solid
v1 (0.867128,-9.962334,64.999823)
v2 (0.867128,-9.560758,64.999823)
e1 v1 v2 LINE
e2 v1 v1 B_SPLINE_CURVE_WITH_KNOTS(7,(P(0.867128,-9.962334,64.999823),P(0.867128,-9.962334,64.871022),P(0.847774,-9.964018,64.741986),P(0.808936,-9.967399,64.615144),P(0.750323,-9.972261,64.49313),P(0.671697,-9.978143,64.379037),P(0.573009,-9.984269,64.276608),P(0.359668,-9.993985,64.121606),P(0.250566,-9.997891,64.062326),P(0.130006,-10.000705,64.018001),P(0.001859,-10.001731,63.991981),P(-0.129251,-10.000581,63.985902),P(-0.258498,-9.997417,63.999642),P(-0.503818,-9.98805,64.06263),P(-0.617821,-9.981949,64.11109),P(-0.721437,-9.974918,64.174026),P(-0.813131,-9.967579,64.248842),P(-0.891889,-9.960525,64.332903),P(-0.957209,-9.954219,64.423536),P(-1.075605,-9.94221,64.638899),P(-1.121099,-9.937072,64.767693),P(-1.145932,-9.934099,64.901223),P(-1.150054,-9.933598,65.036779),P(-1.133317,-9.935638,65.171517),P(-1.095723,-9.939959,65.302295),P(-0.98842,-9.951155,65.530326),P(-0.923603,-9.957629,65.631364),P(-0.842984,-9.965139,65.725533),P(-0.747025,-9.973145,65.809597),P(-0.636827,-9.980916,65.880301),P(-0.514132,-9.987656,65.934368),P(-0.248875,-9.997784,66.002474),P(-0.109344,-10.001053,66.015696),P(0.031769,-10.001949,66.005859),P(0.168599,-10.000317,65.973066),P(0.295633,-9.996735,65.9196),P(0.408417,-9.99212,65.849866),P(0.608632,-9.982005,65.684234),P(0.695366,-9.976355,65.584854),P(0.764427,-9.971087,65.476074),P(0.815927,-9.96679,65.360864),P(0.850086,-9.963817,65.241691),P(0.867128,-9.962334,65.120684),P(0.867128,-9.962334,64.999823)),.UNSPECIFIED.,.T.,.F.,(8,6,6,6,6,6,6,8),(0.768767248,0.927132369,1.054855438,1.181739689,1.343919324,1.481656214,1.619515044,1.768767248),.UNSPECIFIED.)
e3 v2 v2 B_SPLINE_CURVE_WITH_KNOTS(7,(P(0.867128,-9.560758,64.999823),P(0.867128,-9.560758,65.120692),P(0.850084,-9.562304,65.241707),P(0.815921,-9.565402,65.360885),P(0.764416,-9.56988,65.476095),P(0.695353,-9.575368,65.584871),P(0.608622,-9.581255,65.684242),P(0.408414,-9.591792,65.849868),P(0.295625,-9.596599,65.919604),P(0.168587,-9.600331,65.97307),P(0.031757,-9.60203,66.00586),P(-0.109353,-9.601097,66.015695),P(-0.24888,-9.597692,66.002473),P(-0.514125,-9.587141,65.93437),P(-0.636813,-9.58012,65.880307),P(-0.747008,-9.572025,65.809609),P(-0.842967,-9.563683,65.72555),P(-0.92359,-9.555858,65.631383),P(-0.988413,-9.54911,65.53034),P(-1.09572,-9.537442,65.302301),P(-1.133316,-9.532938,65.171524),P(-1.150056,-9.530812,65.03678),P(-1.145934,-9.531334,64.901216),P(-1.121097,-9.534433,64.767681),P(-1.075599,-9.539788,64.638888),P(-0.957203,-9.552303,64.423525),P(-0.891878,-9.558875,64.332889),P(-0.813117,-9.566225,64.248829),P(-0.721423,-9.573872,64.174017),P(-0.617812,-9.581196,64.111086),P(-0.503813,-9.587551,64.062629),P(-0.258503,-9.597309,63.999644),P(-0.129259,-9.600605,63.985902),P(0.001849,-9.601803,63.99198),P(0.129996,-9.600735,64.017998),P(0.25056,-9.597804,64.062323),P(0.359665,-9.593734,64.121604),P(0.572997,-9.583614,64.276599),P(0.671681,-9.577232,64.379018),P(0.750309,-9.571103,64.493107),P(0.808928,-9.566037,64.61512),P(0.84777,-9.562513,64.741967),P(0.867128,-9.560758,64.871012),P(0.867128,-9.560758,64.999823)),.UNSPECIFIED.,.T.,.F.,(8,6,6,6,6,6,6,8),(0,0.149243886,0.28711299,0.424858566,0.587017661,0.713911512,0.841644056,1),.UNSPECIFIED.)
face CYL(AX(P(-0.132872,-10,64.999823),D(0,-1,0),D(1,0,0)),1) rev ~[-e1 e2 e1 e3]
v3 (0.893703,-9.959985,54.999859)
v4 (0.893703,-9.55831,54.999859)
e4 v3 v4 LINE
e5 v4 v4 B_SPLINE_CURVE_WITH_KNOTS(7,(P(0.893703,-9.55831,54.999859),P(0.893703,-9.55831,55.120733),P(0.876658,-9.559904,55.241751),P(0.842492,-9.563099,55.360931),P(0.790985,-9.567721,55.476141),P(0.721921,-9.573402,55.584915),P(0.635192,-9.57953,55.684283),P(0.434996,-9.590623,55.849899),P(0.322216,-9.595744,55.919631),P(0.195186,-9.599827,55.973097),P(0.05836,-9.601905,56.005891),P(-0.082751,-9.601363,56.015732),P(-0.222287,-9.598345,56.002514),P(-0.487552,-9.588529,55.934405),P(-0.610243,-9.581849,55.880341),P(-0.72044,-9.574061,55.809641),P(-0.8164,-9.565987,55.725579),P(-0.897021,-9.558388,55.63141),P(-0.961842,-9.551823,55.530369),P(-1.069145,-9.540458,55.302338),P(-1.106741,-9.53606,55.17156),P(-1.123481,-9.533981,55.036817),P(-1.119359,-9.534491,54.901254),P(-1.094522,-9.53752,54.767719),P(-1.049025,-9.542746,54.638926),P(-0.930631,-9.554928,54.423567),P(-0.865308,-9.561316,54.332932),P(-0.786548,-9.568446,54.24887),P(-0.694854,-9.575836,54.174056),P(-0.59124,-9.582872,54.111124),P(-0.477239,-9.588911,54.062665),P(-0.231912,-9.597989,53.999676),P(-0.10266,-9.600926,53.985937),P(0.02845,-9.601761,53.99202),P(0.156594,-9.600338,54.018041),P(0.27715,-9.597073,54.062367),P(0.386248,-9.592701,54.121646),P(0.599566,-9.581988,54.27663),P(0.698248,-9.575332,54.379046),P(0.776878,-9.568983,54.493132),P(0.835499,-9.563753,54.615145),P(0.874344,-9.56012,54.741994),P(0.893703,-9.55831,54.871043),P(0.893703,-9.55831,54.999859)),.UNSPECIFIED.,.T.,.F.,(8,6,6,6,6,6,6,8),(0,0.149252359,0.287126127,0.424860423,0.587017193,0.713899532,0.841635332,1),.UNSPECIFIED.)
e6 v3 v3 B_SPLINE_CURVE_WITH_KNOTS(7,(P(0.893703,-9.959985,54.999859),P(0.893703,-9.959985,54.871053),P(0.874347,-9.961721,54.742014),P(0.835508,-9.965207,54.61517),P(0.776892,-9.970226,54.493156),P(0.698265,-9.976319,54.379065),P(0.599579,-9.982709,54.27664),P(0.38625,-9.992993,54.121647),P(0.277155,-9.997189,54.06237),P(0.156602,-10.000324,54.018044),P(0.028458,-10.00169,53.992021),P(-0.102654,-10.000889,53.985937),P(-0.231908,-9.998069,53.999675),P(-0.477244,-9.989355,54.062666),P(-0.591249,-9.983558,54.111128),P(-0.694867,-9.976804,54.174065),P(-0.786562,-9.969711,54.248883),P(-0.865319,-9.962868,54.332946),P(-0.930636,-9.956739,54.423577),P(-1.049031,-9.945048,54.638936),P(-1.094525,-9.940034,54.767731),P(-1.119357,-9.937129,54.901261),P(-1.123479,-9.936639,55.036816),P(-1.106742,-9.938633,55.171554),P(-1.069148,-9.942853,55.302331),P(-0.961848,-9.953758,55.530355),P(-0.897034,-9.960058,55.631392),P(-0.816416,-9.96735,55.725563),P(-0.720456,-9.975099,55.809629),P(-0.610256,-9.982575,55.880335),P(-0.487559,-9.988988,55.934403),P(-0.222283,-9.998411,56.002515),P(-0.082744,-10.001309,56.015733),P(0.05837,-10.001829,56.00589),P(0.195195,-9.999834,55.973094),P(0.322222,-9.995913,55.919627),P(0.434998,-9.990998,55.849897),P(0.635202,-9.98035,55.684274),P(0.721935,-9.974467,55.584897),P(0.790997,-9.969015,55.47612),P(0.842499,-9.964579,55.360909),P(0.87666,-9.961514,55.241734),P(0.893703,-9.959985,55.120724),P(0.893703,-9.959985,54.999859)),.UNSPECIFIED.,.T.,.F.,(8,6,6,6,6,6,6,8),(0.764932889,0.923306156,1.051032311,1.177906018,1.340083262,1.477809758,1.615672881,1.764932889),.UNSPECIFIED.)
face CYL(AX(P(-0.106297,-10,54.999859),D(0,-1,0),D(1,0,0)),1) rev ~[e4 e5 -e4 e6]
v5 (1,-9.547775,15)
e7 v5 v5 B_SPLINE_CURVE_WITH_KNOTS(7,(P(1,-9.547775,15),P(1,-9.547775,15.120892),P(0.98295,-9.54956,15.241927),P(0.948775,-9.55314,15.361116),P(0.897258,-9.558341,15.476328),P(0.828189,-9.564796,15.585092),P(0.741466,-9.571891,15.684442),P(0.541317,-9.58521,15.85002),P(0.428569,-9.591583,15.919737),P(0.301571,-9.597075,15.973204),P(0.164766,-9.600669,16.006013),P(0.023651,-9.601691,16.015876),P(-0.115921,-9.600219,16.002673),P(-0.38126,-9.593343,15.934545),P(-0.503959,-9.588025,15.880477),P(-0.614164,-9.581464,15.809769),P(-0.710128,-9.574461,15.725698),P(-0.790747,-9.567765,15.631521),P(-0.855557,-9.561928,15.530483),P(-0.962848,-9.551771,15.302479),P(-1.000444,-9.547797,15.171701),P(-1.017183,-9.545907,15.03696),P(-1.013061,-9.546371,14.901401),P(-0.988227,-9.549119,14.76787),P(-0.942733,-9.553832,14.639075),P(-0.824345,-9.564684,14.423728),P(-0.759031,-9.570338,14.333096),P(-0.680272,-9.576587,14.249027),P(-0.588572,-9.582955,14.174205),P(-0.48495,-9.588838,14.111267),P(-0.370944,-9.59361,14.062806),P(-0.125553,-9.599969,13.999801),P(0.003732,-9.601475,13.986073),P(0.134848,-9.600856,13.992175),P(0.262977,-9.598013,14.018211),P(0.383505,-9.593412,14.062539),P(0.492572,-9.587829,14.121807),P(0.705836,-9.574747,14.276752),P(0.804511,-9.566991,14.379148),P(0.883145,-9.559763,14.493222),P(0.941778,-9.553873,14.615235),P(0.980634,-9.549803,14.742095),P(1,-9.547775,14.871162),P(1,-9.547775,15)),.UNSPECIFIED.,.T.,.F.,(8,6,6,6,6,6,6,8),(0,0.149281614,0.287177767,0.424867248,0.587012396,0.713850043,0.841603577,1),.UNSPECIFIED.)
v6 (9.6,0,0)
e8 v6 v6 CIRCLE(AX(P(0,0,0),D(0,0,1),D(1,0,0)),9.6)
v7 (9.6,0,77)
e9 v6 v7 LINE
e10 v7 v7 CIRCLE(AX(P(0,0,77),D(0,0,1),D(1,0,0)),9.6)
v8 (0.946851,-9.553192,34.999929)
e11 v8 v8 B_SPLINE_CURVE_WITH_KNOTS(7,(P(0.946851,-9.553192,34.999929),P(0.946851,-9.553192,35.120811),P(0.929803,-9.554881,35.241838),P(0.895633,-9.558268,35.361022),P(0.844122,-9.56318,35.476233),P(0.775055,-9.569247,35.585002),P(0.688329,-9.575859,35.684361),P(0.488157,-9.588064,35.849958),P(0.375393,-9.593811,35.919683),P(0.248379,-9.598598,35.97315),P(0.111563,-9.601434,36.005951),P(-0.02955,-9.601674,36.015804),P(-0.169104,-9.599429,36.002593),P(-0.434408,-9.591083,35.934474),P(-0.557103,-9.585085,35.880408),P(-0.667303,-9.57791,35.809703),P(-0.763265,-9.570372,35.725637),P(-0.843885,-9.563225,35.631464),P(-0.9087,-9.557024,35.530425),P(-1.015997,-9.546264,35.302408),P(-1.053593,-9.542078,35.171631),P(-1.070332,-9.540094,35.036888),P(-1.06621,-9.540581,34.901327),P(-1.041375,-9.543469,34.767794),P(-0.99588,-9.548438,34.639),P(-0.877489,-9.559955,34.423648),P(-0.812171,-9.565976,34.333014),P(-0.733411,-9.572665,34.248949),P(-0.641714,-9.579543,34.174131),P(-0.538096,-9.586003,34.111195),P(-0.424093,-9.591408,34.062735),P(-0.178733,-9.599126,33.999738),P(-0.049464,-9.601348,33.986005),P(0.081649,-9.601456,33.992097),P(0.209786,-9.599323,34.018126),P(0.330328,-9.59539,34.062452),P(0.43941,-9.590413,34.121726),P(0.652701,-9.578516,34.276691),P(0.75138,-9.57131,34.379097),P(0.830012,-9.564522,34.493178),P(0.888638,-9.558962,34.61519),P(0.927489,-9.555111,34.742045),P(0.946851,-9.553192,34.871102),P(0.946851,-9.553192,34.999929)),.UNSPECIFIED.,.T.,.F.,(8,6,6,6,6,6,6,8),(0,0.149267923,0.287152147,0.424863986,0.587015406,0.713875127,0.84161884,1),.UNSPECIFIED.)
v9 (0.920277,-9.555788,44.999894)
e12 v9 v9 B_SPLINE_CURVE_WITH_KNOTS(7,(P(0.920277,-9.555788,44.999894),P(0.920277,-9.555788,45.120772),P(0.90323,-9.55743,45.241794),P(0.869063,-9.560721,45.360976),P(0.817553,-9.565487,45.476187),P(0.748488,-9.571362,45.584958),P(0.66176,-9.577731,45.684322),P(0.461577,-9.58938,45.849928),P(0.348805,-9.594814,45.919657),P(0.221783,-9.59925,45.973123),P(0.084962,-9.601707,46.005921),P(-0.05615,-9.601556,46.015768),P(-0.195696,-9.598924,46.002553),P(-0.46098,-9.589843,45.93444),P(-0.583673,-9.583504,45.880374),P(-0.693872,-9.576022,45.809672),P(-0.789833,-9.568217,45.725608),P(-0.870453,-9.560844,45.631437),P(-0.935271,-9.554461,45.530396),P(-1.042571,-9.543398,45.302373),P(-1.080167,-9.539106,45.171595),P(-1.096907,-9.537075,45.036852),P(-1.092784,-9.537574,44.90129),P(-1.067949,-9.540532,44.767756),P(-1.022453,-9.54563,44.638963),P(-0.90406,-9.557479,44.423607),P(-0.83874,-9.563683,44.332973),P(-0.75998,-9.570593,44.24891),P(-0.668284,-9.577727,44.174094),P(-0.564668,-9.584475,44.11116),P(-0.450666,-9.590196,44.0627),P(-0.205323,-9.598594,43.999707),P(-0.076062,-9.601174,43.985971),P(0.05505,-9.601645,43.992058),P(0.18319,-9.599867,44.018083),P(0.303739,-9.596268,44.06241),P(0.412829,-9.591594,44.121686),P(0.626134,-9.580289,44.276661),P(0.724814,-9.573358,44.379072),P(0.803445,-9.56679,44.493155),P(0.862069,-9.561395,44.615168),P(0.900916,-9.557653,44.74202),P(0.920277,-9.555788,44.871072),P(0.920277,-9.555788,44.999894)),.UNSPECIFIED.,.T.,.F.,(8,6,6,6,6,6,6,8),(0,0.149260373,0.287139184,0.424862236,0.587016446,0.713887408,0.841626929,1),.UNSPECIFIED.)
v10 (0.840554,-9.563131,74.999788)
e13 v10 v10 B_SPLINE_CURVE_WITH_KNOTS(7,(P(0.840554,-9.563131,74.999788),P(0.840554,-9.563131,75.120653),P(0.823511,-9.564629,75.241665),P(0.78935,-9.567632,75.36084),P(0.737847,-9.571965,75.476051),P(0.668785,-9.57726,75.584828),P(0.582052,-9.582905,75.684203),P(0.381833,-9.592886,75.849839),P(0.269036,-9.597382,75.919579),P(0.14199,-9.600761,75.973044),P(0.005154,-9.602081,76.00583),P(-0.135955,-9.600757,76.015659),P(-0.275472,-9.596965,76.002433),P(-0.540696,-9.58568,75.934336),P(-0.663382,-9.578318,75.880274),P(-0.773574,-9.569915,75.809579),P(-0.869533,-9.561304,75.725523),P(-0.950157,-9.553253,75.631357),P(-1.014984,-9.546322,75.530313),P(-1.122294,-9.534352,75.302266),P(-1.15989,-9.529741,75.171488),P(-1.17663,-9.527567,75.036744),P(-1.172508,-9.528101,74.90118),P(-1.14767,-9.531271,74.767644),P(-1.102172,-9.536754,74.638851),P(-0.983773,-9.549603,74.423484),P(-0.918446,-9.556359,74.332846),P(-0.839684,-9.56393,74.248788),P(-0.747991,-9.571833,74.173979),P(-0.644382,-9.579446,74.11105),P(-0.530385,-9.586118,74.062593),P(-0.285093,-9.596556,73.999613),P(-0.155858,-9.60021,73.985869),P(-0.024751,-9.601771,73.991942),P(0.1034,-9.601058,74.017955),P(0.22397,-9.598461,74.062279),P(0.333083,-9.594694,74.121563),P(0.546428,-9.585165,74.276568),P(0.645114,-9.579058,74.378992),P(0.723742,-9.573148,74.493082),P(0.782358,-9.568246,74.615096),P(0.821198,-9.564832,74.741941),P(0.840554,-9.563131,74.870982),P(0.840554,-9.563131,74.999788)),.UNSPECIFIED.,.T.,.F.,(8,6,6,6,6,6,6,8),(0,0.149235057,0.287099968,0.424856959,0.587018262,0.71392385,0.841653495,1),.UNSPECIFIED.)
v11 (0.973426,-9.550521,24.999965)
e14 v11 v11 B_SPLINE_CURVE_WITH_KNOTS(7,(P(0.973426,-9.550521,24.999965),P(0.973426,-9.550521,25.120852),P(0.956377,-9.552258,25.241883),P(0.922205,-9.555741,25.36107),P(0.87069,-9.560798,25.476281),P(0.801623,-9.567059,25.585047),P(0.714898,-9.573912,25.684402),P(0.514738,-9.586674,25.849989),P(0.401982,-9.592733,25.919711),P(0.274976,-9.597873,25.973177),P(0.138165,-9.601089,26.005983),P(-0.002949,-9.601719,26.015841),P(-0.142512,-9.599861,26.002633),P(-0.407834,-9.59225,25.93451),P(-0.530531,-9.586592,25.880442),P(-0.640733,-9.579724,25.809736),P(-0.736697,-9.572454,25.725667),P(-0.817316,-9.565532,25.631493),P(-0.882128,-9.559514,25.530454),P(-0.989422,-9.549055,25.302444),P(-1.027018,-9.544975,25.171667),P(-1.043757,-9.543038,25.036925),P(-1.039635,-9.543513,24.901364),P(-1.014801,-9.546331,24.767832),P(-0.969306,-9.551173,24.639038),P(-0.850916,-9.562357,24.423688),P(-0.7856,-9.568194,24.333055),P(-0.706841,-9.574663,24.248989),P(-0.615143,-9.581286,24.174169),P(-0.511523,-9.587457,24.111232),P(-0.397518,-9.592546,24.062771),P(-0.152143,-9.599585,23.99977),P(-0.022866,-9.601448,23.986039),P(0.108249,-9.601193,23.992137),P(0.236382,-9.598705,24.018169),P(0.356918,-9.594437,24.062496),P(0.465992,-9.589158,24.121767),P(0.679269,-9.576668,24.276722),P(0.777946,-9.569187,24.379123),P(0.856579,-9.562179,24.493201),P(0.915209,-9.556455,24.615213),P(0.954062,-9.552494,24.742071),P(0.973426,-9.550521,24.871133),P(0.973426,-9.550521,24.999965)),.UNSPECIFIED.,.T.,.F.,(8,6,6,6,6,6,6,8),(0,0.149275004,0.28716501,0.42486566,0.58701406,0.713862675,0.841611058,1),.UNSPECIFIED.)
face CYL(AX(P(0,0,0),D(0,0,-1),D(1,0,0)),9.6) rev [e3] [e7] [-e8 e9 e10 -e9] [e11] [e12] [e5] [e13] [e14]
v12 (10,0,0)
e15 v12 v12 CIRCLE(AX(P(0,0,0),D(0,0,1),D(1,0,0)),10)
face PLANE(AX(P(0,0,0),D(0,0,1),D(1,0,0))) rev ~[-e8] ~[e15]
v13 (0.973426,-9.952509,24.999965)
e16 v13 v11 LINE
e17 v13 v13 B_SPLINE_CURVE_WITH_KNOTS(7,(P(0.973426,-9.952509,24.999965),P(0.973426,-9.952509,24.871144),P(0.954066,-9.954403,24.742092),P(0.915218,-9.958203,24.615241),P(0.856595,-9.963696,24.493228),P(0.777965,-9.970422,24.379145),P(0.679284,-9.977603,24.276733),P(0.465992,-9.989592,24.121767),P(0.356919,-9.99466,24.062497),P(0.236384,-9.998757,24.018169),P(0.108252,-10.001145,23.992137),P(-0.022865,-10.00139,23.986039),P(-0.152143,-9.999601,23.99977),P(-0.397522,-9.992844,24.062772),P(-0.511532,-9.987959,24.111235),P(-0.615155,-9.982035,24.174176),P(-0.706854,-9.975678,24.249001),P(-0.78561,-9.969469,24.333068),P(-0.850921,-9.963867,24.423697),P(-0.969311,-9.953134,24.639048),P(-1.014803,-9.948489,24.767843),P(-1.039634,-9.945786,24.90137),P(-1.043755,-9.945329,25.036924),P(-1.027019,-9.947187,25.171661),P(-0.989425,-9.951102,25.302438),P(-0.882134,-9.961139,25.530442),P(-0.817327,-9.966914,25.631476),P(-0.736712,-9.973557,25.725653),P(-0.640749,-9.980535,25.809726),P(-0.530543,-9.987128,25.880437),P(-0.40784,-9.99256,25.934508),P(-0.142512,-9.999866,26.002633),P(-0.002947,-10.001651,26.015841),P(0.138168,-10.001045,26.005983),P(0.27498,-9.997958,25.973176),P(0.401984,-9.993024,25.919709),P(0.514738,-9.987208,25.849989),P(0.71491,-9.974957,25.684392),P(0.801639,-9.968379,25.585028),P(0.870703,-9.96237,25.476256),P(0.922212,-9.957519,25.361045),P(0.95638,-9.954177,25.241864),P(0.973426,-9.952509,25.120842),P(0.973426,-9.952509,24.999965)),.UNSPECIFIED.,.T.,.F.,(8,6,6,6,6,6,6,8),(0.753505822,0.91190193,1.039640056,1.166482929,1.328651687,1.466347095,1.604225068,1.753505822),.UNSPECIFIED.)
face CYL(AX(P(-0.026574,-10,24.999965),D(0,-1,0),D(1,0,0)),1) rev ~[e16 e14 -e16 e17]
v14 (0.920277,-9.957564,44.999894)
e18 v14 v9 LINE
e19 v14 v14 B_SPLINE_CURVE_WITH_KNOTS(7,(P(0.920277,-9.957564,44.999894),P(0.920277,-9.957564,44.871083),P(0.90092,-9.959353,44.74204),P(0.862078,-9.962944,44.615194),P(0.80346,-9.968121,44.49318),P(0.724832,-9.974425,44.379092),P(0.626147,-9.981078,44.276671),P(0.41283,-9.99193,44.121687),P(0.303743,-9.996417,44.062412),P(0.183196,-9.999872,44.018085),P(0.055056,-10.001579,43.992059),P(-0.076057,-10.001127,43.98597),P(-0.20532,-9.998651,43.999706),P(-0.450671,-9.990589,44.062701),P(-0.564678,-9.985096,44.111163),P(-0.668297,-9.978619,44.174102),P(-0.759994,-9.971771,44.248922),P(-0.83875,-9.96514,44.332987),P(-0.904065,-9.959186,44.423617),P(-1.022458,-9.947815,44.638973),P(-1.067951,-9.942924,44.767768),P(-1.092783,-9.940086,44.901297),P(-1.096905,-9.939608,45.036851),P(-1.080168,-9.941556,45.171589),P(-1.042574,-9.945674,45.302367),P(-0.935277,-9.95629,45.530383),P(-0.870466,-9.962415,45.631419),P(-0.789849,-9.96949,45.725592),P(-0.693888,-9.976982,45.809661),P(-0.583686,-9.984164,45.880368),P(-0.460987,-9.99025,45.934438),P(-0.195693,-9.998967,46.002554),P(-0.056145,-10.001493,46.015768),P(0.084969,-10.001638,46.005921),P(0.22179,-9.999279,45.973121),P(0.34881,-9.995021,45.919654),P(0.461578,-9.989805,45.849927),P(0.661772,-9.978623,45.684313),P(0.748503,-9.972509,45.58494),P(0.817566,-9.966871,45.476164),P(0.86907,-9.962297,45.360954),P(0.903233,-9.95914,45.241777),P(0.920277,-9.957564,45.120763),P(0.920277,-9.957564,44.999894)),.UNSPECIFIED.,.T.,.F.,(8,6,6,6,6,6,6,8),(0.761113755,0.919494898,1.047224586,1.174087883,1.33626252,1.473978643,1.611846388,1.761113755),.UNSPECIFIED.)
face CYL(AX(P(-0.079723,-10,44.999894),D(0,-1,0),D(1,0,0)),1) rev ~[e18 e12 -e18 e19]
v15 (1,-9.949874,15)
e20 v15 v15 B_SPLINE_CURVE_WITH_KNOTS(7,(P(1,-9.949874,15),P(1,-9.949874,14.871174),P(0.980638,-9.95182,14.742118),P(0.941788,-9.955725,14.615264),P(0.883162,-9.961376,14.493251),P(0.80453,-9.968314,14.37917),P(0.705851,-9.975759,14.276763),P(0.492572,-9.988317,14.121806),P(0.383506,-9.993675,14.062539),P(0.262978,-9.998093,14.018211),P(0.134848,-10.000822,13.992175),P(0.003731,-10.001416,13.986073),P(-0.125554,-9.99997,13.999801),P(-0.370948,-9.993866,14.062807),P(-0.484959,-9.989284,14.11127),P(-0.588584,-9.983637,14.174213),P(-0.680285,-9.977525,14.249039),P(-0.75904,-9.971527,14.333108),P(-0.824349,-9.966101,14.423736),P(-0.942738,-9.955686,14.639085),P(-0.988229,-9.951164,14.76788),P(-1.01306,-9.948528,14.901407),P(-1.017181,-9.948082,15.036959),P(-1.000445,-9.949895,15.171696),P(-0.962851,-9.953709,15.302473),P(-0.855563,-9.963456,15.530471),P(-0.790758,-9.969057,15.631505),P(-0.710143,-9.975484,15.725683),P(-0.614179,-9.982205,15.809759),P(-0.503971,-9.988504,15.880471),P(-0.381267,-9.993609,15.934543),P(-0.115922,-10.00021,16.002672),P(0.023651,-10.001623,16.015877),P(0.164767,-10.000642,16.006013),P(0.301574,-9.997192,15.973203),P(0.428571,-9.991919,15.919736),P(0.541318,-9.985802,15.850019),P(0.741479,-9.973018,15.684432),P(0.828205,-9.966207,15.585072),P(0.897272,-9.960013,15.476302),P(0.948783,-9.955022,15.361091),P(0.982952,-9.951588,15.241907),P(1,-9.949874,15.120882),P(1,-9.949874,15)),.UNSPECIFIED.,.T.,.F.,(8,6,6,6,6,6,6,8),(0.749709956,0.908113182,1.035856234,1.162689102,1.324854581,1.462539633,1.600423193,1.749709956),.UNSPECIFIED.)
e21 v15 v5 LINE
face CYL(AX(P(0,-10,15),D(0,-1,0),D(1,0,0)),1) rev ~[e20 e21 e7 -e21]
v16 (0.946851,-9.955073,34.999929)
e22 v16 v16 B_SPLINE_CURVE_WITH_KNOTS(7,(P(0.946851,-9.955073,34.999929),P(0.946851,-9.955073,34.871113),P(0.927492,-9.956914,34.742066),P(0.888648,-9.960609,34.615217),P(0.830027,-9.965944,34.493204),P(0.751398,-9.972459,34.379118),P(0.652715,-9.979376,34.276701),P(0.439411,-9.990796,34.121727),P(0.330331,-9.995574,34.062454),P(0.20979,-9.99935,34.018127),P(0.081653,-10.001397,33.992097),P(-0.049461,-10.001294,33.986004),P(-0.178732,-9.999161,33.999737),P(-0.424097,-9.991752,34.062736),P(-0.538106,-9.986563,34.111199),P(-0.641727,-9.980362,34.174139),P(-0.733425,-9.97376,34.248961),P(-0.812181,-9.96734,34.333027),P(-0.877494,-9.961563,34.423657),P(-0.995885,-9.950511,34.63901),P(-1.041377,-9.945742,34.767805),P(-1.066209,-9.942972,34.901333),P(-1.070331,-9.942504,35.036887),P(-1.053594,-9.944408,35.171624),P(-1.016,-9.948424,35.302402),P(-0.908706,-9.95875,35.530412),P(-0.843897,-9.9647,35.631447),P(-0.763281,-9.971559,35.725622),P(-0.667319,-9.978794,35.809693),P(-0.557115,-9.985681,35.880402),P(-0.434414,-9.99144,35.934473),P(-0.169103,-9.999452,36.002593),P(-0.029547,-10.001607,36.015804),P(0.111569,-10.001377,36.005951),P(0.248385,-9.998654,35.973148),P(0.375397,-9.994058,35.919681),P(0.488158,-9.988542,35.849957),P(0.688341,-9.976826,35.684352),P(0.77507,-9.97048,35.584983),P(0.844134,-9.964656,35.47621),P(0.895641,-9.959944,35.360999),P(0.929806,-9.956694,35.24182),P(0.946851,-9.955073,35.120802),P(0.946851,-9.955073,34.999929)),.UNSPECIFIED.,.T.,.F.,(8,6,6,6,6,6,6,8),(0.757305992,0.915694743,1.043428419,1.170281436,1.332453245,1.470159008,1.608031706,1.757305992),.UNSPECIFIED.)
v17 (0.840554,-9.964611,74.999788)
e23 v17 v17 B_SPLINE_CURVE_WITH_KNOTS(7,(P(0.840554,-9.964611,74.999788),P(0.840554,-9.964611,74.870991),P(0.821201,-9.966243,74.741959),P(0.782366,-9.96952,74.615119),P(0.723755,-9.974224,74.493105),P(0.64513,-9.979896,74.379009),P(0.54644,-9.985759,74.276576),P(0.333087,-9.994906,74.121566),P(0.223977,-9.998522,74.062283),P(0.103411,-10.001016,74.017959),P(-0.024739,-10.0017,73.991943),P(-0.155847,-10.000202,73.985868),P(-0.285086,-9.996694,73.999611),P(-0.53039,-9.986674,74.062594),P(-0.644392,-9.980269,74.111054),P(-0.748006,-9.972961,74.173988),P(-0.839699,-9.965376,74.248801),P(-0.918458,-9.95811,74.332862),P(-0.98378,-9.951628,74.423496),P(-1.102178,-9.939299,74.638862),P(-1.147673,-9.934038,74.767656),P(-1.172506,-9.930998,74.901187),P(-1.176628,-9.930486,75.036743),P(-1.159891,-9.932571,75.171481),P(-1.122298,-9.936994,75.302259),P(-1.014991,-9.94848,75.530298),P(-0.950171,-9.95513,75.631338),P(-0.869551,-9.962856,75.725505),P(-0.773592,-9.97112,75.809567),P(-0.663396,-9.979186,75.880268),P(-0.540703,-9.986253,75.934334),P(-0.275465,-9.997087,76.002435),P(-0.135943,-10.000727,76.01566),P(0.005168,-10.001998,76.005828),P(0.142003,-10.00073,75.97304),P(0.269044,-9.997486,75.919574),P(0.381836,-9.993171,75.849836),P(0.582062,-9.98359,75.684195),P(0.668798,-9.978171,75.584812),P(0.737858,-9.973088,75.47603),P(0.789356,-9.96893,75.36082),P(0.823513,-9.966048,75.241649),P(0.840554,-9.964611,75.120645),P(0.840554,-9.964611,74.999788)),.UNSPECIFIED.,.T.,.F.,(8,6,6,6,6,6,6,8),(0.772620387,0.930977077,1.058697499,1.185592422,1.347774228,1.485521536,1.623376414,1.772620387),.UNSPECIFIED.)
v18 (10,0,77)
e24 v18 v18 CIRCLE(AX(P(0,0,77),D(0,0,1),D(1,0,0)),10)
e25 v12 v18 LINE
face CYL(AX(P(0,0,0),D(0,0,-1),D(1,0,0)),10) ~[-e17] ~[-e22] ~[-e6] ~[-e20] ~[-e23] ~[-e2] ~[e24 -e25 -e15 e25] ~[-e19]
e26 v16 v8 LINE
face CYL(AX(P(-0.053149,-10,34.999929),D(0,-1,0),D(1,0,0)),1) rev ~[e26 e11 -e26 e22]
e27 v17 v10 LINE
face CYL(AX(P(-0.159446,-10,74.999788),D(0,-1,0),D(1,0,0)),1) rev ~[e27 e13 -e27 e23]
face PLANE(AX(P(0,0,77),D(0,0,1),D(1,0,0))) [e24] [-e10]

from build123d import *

# Parameters (mm, degrees)
F0_R     = 10
F0_R_2   = 9.6
F1_DEPTH = 77
F3_R     = 1
F4_DEPTH = 10


with BuildPart() as f1:
    # F0 (on Top) → F1 (new body)
    with BuildSketch(Plane.XY):
        Circle(F0_R)
        Circle(F0_R_2, mode=Mode.SUBTRACT)
    extrude(amount=F1_DEPTH)

    # F3 (on offset) → F4 (cut)
    with BuildSketch(Plane.XZ.offset(10)):
        with Locations((0, 15)):
            Circle(F3_R)
        with Locations((-0.026574, 24.999965)):
            Circle(F3_R)
        with Locations((-0.053149, 34.999929)):
            Circle(F3_R)
        with Locations((-0.079723, 44.999894)):
            Circle(F3_R)
        with Locations((-0.106297, 54.999859)):
            Circle(F3_R)
        with Locations((-0.132872, 64.999823)):
            Circle(F3_R)
        with Locations((-0.159446, 74.999788)):
            Circle(F3_R)
    extrude(amount=-F4_DEPTH, mode=Mode.SUBTRACT)


solid = f1.part
